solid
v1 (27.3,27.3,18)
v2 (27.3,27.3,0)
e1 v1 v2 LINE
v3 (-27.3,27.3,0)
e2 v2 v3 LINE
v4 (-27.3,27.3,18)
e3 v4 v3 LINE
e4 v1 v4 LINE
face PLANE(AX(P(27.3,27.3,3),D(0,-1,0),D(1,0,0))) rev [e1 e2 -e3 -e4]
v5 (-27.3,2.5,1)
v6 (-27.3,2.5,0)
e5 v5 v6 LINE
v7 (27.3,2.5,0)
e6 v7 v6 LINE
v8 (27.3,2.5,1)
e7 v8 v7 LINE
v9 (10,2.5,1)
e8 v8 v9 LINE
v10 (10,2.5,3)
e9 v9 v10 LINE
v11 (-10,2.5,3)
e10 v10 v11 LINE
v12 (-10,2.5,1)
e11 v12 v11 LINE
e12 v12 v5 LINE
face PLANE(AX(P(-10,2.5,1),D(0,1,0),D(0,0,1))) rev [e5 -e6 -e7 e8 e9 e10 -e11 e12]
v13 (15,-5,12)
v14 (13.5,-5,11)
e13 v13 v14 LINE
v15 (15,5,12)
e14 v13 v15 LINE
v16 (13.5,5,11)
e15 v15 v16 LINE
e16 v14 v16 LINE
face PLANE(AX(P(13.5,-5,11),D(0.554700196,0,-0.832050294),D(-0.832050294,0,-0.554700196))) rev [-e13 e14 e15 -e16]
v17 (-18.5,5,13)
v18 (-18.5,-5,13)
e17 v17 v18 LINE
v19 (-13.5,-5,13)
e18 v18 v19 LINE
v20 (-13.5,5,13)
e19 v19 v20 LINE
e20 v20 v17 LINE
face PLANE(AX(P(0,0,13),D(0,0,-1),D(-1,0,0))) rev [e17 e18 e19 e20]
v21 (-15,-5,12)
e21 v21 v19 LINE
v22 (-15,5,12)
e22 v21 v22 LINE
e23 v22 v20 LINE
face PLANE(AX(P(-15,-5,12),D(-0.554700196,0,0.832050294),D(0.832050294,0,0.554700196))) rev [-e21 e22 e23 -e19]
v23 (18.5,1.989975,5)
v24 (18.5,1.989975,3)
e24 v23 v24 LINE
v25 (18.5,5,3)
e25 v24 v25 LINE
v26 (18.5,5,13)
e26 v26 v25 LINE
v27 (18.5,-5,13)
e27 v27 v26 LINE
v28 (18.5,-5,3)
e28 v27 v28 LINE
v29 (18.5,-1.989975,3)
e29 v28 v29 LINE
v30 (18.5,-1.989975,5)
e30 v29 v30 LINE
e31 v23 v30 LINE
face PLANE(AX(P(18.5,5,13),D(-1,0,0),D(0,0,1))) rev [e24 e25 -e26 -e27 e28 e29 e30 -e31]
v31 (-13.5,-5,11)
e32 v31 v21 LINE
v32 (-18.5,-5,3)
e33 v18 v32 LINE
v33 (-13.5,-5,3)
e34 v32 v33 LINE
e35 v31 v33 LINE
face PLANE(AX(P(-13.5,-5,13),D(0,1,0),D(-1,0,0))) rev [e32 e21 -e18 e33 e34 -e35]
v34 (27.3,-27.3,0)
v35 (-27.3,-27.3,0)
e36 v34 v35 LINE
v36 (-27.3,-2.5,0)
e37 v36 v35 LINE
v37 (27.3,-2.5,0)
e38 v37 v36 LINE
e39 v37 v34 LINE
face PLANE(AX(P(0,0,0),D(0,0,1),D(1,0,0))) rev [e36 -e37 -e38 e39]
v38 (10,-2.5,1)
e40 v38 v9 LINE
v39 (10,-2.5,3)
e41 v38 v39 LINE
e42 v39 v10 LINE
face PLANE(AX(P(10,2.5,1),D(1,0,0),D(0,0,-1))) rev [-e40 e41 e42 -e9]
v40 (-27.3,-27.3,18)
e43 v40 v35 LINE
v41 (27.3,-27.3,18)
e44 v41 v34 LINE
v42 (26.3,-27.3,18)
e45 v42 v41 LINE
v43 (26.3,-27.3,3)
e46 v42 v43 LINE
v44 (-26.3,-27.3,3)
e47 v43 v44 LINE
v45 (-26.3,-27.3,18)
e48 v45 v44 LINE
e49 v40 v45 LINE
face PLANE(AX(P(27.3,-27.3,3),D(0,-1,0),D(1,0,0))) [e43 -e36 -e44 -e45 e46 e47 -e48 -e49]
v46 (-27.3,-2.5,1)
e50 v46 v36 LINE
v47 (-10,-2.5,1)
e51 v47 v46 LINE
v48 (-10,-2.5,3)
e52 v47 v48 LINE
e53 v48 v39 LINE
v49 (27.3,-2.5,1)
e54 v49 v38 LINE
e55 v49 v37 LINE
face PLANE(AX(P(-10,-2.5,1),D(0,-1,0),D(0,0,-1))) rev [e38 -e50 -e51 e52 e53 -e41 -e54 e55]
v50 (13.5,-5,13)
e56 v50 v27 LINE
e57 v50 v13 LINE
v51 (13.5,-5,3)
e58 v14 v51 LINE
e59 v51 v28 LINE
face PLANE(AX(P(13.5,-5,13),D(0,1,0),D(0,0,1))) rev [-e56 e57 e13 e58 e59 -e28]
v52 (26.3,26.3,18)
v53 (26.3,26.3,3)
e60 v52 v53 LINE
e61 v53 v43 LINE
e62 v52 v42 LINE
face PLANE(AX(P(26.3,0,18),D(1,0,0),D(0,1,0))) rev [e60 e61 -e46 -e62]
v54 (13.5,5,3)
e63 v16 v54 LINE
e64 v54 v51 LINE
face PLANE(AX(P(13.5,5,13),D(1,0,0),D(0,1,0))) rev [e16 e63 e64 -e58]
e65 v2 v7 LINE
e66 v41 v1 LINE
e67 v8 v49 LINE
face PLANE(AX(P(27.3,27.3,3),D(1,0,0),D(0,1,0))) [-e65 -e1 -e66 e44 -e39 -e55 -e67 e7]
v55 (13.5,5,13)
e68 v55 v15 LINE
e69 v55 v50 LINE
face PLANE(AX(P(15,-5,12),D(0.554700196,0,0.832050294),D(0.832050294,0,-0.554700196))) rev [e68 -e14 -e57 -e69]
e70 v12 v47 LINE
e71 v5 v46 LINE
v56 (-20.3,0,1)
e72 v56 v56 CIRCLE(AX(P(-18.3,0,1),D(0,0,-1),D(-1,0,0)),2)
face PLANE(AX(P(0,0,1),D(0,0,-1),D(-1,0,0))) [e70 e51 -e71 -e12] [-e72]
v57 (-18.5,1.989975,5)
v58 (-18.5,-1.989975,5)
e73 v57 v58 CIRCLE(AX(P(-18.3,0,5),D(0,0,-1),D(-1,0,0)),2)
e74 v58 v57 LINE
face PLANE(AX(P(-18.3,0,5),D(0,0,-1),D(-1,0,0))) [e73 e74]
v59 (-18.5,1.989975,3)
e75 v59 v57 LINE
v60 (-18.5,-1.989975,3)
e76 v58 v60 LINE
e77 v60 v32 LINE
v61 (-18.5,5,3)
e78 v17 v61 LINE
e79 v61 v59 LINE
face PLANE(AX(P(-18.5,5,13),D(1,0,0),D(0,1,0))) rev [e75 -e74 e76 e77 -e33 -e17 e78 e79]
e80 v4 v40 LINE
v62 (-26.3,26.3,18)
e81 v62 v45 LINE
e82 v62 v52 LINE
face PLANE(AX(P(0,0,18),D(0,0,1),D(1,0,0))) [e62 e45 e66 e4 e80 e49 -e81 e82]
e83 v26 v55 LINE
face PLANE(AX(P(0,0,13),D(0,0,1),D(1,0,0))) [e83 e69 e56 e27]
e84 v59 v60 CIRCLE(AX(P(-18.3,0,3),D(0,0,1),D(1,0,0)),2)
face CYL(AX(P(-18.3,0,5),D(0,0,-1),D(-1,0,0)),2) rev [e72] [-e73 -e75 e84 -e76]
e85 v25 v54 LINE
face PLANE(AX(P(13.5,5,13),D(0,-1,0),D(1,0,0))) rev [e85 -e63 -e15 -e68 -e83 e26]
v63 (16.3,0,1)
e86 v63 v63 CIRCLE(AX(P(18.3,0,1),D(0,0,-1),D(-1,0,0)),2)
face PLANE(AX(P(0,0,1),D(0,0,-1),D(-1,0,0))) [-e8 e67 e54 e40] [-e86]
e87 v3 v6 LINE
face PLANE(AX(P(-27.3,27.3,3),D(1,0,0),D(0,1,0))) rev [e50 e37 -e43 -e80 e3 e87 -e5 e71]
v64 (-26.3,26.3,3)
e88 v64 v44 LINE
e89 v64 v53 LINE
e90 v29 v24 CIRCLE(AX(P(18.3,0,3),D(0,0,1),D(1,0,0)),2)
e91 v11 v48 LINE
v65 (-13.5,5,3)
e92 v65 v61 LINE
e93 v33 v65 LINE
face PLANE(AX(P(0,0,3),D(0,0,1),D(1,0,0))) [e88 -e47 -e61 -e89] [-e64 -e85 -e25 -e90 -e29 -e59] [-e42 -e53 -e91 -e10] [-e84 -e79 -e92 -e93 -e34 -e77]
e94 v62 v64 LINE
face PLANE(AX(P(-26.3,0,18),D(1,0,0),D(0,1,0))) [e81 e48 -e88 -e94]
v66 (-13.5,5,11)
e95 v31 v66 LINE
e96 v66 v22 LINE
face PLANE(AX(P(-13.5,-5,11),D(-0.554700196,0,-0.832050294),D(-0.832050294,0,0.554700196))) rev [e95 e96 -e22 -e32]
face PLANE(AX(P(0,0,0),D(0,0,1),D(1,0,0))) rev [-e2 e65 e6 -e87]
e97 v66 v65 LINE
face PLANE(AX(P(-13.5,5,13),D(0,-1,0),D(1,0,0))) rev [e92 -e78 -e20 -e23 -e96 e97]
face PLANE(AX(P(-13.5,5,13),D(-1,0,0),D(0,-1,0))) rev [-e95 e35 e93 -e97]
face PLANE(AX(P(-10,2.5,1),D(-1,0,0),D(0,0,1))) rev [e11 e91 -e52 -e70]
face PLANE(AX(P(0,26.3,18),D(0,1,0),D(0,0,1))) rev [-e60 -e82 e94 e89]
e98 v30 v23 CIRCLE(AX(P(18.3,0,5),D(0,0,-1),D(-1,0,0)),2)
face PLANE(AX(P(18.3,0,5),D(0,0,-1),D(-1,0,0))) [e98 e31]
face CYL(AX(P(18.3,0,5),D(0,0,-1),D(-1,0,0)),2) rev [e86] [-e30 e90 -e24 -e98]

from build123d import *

# Parameters (mm, degrees)
SKICA1_W                 = 54.6
SKICA1_H                 = 54.6
P_IDAT_VYSUNUT_M2_DEPTH  = 3
SKICA4_W                 = 20
SKICA4_H                 = 5
ODEBRAT_VYSUNUT_M1_DEPTH = 2
SKICA5_W                 = 54.6
SKICA5_H                 = 5
ODEBRAT_VYSUNUT_M3_DEPTH = 1
SKICA10_W                = 5
SKICA10_H                = 10
P_IDAT_VYSUNUT_M6_DEPTH  = 10
ODEBRAT_VYSUNUT_M6_DEPTH = 10
P_IDAT_VYSUNUT_M9_DEPTH  = 15
SKICA17_R                = 2
ODEBRAT_VYSUNUT_M8_DEPTH = 4


with BuildPart() as part:
    # Skica1 → Přidat vysunutím2 (new body)
    with BuildSketch(Plane.XY):
        Rectangle(SKICA1_W, SKICA1_H)
    extrude(amount=P_IDAT_VYSUNUT_M2_DEPTH)

    # Skica4 → Odebrat vysunutím1 (cut)
    with BuildSketch(Plane.XY.offset(3)):
        Rectangle(SKICA4_W, SKICA4_H)
    extrude(amount=-ODEBRAT_VYSUNUT_M1_DEPTH, mode=Mode.SUBTRACT)

    # Skica5 → Odebrat vysunutím3 (cut)
    with BuildSketch(Plane(origin=(0, 0, 0), x_dir=(-1, 0, 0), z_dir=(0, 0, -1))):
        Rectangle(SKICA5_W, SKICA5_H)
    extrude(amount=-ODEBRAT_VYSUNUT_M3_DEPTH, mode=Mode.SUBTRACT)

    # Skica10 → Přidat vysunutím6 (add)
    with BuildSketch(Plane.XY.offset(3)):
        with Locations((-16, 0)):
            Rectangle(SKICA10_W, SKICA10_H)
        with Locations((16, 0)):
            Rectangle(SKICA10_W, SKICA10_H)
    extrude(amount=P_IDAT_VYSUNUT_M6_DEPTH)

    # Skica12 → Odebrat vysunutím6 (cut)
    with BuildSketch(Plane(origin=(0, 5, 0), x_dir=(1, 0, 0), z_dir=(0, 1, 0))):
        Polygon((-13.5, -13), (-13.5, -11), (-15, -12), align=None)
        Polygon((13.5, -13), (13.5, -11), (15, -12), align=None)
    extrude(amount=-ODEBRAT_VYSUNUT_M6_DEPTH, mode=Mode.SUBTRACT)

    # Skica14 → Přidat vysunutím9 (add)
    with BuildSketch(Plane.XY.offset(3)):
        Polygon((27.3, 27.3), (-27.3, 27.3), (-27.3, -27.3), (-26.3, -27.3), (-26.3, 26.3), (26.3, 26.3), (26.3, -27.3), (27.3, -27.3), align=None)
    extrude(amount=P_IDAT_VYSUNUT_M9_DEPTH)

    # Skica17 → Odebrat vysunutím8 (cut)
    with BuildSketch(Plane(origin=(0, 0, 1), x_dir=(-1, 0, 0), z_dir=(0, 0, -1))):
        with Locations((-18.3, 0)):
            Circle(SKICA17_R)
        with Locations((18.3, 0)):
            Circle(SKICA17_R)
    extrude(amount=-ODEBRAT_VYSUNUT_M8_DEPTH, mode=Mode.SUBTRACT)


solid = part.part
